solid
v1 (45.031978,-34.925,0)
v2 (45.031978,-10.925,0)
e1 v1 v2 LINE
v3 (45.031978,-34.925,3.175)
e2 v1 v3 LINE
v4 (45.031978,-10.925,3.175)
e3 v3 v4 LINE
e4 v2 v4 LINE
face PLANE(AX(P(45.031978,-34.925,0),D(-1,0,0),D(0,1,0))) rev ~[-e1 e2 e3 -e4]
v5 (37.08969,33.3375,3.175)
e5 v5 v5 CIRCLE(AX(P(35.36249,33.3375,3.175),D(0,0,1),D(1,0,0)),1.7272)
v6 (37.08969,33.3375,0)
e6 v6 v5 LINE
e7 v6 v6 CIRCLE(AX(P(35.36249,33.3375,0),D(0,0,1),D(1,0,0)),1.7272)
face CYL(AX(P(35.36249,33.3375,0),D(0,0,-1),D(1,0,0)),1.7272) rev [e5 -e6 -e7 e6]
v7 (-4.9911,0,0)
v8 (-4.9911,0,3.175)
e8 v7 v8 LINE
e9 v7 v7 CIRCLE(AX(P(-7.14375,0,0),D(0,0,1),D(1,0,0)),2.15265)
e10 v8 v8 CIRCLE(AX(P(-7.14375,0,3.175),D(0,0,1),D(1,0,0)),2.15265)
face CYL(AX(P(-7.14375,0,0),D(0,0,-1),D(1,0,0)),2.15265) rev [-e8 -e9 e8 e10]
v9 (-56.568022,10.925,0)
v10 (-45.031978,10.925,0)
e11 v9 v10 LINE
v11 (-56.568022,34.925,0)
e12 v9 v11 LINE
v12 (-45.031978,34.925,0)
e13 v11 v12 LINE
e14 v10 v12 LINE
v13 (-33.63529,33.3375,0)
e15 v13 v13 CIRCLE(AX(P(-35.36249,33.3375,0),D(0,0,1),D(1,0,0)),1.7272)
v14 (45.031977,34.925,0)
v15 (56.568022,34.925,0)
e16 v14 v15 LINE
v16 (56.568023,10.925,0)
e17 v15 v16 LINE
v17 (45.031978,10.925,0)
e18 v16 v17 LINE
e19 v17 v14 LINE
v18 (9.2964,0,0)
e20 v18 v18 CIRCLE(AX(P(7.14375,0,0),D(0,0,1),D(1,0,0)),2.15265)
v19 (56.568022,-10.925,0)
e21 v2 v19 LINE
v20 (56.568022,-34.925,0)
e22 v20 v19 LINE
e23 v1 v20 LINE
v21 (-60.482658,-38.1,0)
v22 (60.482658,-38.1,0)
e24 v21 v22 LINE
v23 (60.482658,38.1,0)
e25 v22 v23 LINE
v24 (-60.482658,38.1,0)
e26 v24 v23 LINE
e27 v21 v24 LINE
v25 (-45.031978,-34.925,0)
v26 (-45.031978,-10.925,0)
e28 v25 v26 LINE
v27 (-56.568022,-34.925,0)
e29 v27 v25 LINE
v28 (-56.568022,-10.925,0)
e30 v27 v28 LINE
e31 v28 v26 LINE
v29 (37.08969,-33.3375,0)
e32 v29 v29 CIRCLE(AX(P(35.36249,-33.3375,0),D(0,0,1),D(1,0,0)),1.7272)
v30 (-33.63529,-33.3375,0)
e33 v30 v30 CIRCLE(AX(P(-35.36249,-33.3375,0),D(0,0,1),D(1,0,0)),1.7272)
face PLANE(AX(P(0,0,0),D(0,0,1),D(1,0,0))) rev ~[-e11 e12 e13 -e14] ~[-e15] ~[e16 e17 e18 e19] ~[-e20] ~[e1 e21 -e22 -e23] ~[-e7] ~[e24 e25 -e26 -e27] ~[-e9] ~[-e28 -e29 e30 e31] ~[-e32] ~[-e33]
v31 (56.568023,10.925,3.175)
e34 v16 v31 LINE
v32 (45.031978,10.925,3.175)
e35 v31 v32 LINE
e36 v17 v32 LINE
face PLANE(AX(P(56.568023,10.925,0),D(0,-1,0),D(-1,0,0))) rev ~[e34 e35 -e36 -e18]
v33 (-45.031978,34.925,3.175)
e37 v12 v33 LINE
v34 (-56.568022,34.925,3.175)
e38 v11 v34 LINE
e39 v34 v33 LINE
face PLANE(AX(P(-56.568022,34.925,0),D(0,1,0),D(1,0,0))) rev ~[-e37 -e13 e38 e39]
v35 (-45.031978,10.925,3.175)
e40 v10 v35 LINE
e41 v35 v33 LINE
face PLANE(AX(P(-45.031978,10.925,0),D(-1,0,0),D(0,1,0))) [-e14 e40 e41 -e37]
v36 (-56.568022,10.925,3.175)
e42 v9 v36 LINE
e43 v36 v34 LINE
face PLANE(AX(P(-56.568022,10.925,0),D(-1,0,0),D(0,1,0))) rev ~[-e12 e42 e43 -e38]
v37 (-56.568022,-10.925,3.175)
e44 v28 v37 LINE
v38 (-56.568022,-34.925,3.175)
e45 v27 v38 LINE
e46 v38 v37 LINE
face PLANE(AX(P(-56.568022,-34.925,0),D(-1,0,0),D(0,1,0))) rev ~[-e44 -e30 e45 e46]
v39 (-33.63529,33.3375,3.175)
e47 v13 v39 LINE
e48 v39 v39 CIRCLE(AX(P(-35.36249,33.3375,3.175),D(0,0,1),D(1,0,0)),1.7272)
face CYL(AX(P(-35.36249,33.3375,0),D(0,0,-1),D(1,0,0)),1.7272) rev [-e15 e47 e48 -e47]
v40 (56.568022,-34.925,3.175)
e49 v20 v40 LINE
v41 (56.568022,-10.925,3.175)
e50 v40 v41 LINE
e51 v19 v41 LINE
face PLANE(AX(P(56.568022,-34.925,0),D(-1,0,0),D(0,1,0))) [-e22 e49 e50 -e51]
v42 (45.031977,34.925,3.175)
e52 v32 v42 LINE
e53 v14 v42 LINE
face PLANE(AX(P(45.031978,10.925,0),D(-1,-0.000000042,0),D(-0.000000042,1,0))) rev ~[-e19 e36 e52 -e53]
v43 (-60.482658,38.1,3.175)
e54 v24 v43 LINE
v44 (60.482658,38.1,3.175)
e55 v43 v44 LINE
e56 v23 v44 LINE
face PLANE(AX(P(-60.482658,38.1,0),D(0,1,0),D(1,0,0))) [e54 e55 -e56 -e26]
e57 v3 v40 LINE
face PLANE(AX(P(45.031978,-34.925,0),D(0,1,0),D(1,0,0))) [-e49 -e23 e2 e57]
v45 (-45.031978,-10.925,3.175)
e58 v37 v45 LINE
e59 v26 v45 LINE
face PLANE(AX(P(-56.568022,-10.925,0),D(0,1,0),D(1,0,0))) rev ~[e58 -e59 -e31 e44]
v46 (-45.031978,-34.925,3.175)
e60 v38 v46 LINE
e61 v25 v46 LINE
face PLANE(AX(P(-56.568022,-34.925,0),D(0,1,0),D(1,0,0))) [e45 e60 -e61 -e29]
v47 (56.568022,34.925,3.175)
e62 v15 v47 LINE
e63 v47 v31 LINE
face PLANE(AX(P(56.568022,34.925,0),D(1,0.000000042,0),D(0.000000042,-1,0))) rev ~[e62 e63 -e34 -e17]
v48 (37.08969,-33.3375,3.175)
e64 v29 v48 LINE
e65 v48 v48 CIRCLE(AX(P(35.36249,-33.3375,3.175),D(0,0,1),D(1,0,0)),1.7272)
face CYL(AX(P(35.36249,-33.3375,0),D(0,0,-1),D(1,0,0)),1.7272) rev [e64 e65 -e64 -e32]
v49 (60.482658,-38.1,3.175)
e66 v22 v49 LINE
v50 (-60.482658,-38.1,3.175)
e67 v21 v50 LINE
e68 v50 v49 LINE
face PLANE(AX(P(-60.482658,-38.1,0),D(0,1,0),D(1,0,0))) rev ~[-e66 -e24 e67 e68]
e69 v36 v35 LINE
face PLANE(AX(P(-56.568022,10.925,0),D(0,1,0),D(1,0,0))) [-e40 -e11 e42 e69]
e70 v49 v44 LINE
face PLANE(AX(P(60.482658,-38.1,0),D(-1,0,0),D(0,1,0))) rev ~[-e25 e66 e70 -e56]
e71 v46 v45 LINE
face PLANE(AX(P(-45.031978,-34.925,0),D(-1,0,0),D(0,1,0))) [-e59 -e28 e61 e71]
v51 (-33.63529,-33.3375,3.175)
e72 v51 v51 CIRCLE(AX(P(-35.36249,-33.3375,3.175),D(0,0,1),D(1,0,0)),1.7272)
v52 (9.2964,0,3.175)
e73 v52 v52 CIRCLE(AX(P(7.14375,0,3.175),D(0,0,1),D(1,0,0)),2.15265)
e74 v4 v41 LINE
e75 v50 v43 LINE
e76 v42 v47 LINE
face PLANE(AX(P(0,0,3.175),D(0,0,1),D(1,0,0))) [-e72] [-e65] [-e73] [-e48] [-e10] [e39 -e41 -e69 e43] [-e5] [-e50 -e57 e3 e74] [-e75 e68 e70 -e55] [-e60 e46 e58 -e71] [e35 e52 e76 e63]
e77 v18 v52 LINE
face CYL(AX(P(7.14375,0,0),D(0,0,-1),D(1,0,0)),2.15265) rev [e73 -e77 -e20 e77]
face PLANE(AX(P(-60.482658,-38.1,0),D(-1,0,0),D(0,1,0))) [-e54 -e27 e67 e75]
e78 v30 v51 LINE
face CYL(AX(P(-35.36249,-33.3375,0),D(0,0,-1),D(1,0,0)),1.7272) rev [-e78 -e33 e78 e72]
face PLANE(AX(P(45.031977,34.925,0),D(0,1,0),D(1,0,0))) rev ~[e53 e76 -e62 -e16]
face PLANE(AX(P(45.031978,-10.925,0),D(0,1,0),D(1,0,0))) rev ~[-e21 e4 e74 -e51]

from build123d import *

# Parameters (mm, degrees)
F0_W     = 120.965316
F0_H     = 76.2
F0_R     = 1.7272
F0_W_2   = 11.536045
F0_H_2   = 24
F0_R_2   = 2.15265
F1_DEPTH = 3.175


with BuildPart() as f1:
    # F0 (on Top) → F1 (new body)
    with BuildSketch(Plane.XY):
        Rectangle(F0_W, F0_H)
        with Locations((-35.36249, -33.3375)):
            Circle(F0_R, mode=Mode.SUBTRACT)
        with Locations((-50.8, -22.925)):
            Rectangle(F0_W_2, F0_H_2, mode=Mode.SUBTRACT)
        with Locations((35.36249, -33.3375)):
            Circle(F0_R, mode=Mode.SUBTRACT)
        with Locations((50.8, -22.925)):
            Rectangle(F0_W_2, F0_H_2, mode=Mode.SUBTRACT)
        with Locations((-7.14375, 0)):
            Circle(F0_R_2, mode=Mode.SUBTRACT)
        with Locations((-50.8, 22.925)):
            Rectangle(F0_W_2, F0_H_2, mode=Mode.SUBTRACT)
        with Locations((-35.36249, 33.3375)):
            Circle(F0_R, mode=Mode.SUBTRACT)
        with Locations((7.14375, 0)):
            Circle(F0_R_2, mode=Mode.SUBTRACT)
        Polygon((45.031977, 34.925), (56.568022, 34.925), (56.568023, 10.925), (45.031978, 10.925), align=None, mode=Mode.SUBTRACT)
        with Locations((35.36249, 33.3375)):
            Circle(F0_R, mode=Mode.SUBTRACT)
    extrude(amount=F1_DEPTH)


solid = f1.part
